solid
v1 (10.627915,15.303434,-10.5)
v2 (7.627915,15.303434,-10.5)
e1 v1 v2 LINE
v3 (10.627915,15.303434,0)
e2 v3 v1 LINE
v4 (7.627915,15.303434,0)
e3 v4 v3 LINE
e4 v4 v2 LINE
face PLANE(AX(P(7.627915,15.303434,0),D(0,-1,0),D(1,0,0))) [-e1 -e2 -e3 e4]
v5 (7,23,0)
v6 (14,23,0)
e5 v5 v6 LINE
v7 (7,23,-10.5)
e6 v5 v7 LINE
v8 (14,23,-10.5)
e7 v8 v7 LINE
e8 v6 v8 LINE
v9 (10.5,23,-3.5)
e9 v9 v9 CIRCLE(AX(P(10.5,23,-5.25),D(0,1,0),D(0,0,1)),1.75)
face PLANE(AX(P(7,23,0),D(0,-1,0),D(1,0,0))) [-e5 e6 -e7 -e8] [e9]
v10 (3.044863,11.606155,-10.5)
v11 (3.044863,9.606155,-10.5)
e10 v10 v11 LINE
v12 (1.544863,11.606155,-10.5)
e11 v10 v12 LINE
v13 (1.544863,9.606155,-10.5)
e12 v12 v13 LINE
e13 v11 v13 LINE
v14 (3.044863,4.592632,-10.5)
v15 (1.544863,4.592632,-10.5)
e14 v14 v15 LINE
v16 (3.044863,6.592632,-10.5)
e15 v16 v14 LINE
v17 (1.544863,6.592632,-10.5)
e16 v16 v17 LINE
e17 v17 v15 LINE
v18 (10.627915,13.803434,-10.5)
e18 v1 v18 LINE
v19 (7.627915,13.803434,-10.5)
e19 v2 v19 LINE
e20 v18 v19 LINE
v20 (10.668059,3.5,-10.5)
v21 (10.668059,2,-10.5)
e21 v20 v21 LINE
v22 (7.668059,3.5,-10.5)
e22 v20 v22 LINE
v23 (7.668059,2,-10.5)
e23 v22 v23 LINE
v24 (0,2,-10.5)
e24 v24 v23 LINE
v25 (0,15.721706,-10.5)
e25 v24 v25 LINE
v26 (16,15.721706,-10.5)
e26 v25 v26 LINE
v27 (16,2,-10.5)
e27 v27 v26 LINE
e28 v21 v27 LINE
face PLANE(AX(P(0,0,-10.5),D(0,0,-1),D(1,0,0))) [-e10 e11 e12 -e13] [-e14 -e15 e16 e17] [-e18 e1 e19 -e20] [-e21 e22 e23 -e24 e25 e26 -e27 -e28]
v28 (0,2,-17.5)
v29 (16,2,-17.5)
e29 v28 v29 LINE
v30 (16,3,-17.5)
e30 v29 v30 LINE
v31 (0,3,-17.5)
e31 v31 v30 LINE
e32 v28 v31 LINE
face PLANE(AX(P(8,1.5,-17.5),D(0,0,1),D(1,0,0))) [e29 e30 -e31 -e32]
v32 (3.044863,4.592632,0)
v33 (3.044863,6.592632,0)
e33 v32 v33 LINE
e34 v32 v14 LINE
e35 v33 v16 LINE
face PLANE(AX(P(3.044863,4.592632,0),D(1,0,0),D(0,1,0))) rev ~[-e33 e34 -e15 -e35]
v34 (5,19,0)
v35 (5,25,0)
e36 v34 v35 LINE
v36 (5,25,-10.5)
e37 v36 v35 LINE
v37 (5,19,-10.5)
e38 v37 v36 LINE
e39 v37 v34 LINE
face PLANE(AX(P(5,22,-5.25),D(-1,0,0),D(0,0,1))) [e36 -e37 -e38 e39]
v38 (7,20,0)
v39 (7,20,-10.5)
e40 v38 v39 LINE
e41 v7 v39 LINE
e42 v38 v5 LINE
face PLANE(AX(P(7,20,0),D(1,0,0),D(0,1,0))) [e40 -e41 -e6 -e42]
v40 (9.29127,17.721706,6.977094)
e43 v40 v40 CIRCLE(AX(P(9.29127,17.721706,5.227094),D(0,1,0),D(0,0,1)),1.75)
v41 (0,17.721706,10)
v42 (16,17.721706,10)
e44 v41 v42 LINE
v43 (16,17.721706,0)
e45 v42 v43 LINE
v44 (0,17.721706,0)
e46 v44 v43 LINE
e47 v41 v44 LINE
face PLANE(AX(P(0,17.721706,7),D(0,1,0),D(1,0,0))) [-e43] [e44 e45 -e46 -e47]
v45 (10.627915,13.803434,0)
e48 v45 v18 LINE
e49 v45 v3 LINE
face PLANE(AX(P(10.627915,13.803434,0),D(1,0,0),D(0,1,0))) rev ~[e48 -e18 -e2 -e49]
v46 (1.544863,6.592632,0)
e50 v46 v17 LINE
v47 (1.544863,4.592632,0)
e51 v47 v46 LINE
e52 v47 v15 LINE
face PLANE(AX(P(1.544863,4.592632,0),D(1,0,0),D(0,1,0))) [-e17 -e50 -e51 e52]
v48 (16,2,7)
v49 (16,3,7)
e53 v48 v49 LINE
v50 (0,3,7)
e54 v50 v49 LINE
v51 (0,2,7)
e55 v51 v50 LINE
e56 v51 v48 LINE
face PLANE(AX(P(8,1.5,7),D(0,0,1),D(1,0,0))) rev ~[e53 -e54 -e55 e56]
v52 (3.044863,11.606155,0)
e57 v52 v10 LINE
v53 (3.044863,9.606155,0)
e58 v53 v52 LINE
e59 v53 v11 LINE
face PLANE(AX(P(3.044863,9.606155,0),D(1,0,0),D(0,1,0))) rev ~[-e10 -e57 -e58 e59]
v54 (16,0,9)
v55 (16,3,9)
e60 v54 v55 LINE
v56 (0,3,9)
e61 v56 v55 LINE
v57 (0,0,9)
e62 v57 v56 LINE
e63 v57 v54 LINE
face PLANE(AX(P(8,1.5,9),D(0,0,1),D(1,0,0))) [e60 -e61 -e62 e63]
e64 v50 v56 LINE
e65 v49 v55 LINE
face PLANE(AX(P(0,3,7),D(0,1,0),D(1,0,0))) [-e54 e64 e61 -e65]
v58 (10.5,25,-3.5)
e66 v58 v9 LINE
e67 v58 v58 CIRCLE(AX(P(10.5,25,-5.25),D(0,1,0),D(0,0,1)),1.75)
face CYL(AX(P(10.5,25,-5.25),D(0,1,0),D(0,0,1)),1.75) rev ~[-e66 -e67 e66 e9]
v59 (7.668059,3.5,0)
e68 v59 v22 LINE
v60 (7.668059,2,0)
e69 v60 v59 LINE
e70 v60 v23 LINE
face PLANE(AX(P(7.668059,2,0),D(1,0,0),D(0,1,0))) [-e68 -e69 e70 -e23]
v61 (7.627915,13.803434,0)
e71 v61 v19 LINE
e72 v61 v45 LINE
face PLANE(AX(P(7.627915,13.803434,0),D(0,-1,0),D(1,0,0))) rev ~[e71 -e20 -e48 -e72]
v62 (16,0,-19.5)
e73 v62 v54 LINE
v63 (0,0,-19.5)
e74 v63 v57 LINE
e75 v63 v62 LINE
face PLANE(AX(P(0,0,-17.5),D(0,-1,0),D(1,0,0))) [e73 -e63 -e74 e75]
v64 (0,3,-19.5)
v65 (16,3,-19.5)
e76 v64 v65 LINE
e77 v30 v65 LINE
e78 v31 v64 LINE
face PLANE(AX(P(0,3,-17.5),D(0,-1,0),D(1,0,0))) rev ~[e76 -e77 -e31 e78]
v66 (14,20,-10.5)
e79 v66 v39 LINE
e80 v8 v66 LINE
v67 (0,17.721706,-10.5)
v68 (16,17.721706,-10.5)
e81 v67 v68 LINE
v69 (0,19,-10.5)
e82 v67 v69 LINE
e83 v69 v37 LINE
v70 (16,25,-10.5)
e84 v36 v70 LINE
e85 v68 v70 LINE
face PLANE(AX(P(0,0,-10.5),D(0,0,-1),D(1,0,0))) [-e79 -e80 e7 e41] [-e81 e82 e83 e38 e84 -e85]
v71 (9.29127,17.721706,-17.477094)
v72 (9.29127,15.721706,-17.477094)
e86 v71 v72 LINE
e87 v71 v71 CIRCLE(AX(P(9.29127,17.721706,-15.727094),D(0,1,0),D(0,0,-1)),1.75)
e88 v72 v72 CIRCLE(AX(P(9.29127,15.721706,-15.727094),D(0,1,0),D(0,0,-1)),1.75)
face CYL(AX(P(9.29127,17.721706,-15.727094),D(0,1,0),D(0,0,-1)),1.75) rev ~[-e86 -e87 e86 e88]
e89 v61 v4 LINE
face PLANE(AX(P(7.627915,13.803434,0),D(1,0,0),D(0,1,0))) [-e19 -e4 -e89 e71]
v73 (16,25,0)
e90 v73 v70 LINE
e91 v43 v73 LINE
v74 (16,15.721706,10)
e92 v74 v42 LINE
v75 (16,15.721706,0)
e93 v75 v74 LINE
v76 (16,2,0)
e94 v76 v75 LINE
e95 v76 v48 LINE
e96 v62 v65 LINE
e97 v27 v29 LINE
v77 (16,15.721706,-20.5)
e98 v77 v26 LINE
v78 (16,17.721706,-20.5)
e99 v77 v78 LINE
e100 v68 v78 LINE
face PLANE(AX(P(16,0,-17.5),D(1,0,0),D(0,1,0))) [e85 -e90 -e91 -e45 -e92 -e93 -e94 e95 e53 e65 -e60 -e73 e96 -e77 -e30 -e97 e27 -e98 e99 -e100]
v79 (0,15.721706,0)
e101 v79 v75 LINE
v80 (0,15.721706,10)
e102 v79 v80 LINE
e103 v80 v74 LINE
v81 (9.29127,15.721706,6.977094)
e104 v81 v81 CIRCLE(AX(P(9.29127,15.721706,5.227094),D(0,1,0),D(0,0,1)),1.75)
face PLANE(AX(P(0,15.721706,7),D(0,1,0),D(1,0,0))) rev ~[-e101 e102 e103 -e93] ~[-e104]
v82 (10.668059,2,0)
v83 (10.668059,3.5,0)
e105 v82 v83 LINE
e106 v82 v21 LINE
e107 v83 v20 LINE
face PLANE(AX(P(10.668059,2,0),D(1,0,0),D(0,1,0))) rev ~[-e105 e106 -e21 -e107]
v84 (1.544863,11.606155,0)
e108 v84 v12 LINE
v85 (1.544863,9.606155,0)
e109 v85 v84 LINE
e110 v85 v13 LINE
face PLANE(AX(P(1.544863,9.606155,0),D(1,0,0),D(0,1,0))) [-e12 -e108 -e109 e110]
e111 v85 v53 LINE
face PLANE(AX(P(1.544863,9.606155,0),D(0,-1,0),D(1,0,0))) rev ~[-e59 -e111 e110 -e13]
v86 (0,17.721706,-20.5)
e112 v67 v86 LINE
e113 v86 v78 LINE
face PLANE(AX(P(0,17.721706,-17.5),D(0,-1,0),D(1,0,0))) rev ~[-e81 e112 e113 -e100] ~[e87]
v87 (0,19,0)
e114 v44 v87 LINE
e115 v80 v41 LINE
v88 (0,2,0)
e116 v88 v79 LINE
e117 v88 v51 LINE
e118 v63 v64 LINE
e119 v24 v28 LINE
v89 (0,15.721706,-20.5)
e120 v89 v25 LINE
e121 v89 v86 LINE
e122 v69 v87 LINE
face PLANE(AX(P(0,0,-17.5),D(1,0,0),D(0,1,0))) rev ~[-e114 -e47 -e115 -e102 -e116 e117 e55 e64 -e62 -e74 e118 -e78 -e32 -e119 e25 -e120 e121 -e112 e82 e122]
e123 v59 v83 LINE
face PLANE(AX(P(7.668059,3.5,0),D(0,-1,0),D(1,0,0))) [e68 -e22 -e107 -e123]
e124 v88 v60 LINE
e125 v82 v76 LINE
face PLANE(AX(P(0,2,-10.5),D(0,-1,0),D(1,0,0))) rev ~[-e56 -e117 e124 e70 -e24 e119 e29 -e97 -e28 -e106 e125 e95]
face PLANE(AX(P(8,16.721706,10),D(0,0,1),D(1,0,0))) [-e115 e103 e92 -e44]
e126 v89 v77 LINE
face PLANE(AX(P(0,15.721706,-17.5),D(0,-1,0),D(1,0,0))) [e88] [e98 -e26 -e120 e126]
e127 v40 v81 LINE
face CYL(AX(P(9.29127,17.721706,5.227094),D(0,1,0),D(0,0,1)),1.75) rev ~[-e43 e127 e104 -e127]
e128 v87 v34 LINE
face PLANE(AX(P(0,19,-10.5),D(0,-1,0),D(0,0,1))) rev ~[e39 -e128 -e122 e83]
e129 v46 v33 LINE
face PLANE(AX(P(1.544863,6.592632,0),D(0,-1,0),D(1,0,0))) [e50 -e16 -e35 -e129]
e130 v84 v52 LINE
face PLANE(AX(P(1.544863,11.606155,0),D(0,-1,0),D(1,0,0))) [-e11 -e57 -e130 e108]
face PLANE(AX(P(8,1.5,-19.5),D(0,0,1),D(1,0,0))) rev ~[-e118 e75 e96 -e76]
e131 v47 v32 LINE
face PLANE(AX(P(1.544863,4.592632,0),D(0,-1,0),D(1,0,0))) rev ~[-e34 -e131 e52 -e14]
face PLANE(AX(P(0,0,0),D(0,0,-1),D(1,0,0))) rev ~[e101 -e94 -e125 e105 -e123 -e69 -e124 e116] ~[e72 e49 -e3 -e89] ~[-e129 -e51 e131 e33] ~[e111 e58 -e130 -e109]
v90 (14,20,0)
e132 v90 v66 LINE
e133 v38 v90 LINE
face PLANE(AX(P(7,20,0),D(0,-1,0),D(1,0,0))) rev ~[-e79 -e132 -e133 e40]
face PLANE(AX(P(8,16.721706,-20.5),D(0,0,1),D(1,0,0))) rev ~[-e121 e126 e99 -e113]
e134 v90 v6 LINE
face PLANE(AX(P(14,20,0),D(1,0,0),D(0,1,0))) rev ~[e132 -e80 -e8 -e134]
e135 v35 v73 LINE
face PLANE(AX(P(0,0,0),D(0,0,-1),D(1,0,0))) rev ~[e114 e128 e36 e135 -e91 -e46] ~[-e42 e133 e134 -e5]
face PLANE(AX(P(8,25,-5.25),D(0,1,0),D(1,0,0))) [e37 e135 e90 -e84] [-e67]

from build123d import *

# Parameters (mm, degrees)
SKETCH1_W           = 16
SKETCH1_H           = 10.5
BOSS_EXTRUDE1_DEPTH = 25
SKETCH3_W           = 16
SKETCH3_H           = 2
BOSS_EXTRUDE2_DEPTH = 7
BOSS_EXTRUDE5_START = -10.5
SKETCH3_2_W         = 16
SKETCH3_2_H         = 2
BOSS_EXTRUDE5_DEPTH = 7
SKETCH2_W           = 3
SKETCH2_H           = 1.5
SKETCH2_W_2         = 1.5
SKETCH2_H_2         = 2
CUT_EXTRUDE1_DEPTH  = 20
SKETCH5_W           = 16
SKETCH5_H           = 2
BOSS_EXTRUDE3_DEPTH = 3
BOSS_EXTRUDE6_START = -24.5
SKETCH5_2_W         = 16
SKETCH5_2_H         = 2
BOSS_EXTRUDE6_DEPTH = 3
SKETCH4_R           = 1.75
CUT_EXTRUDE2_DEPTH  = 10
SKETCH6_W           = 16
SKETCH6_H           = 3
BOSS_EXTRUDE4_DEPTH = 2
BOSS_EXTRUDE7_START = -24.5
SKETCH6_2_W         = 16
SKETCH6_2_H         = 3
BOSS_EXTRUDE7_DEPTH = 2
SKETCH7_W           = 10.5
SKETCH7_H           = 6
CUT_EXTRUDE3_DEPTH  = 5
SKETCH8_R           = 1.75
CUT_EXTRUDE4_DEPTH  = 5
SKETCH10_W          = 7
SKETCH10_H          = 3
CUT_EXTRUDE5_DEPTH  = 15


with BuildPart() as part:
    # Sketch1 → Boss-Extrude1 (new body)
    with BuildSketch(Plane(origin=(0, 0, 0), x_dir=(1, 0, 0), z_dir=(0, 1, 0))):
        with Locations((8, 5.25)):
            Rectangle(SKETCH1_W, SKETCH1_H)
    extrude(amount=BOSS_EXTRUDE1_DEPTH)

    # Sketch3 → Boss-Extrude2 (add)
    with BuildSketch(Plane.XY):
        with Locations((8, 1)):
            Rectangle(SKETCH3_W, SKETCH3_H)
        with Locations((8, 16.721705876)):
            Rectangle(SKETCH3_W, SKETCH3_H)
    extrude(amount=BOSS_EXTRUDE2_DEPTH)

    # Sketch3<2> → Boss-Extrude5 (add)
    with BuildSketch(Plane.XY.offset(BOSS_EXTRUDE5_START)):
        with Locations((8, 1)):
            Rectangle(SKETCH3_2_W, SKETCH3_2_H)
        with Locations((8, 16.721705876)):
            Rectangle(SKETCH3_2_W, SKETCH3_2_H)
    extrude(amount=-BOSS_EXTRUDE5_DEPTH)

    # Sketch2 → Cut-Extrude1 (cut)
    with BuildSketch(Plane.XY):
        with Locations((9.168058596, 2.75)):
            Rectangle(SKETCH2_W, SKETCH2_H)
        with Locations((9.127915422, 14.553433745)):
            Rectangle(SKETCH2_W, SKETCH2_H)
        with Locations((2.294862544, 5.592632304)):
            Rectangle(SKETCH2_W_2, SKETCH2_H_2)
        with Locations((2.294862544, 10.60615461)):
            Rectangle(SKETCH2_W_2, SKETCH2_H_2)
    extrude(amount=-CUT_EXTRUDE1_DEPTH, mode=Mode.SUBTRACT)

    # Sketch5 → Boss-Extrude3 (add)
    with BuildSketch(Plane.XY.offset(7)):
        with Locations((8, 16.721705876)):
            Rectangle(SKETCH5_W, SKETCH5_H)
    extrude(amount=BOSS_EXTRUDE3_DEPTH)

    # Sketch5<2> → Boss-Extrude6 (add)
    with BuildSketch(Plane.XY.offset(7).offset(BOSS_EXTRUDE6_START)):
        with Locations((8, 16.721705876)):
            Rectangle(SKETCH5_2_W, SKETCH5_2_H)
    extrude(amount=-BOSS_EXTRUDE6_DEPTH)

    # Sketch4 → Cut-Extrude2 (cut)
    with BuildSketch(Plane(origin=(0, 17.721705876, 0), x_dir=(1, 0, 0), z_dir=(0, 1, 0))):
        with Locations(Location((9.291269906, -5.227094259, 0), (0, 0, 270))):
            Circle(SKETCH4_R)
        with Locations(Location((9.291269906, 15.727094259, 0), (0, 0, 90))):
            Circle(SKETCH4_R)
    extrude(amount=-CUT_EXTRUDE2_DEPTH, mode=Mode.SUBTRACT)

    # Sketch6 → Boss-Extrude4 (add)
    with BuildSketch(Plane.XY.offset(7)):
        with Locations((8, 1.5)):
            Rectangle(SKETCH6_W, SKETCH6_H)
    extrude(amount=BOSS_EXTRUDE4_DEPTH)

    # Sketch6<2> → Boss-Extrude7 (add)
    with BuildSketch(Plane.XY.offset(7).offset(BOSS_EXTRUDE7_START)):
        with Locations((8, 1.5)):
            Rectangle(SKETCH6_2_W, SKETCH6_2_H)
    extrude(amount=-BOSS_EXTRUDE7_DEPTH)

    # Sketch7 → Cut-Extrude3 (cut)
    with BuildSketch(Plane.ZY):
        with Locations((-5.25, 22)):
            Rectangle(SKETCH7_W, SKETCH7_H)
    extrude(amount=-CUT_EXTRUDE3_DEPTH, mode=Mode.SUBTRACT)

    # Sketch8 → Cut-Extrude4 (cut)
    with BuildSketch(Plane(origin=(0, 25, 0), x_dir=(1, 0, 0), z_dir=(0, 1, 0))):
        with Locations(Location((10.5, 5.25, 0), (0, 0, 270))):
            Circle(SKETCH8_R)
    extrude(amount=-CUT_EXTRUDE4_DEPTH, mode=Mode.SUBTRACT)

    # Sketch10 → Cut-Extrude5 (cut)
    with BuildSketch(Plane.XY):
        with Locations((10.5, 21.5)):
            Rectangle(SKETCH10_W, SKETCH10_H)
    extrude(amount=-CUT_EXTRUDE5_DEPTH, mode=Mode.SUBTRACT)


solid = part.part
